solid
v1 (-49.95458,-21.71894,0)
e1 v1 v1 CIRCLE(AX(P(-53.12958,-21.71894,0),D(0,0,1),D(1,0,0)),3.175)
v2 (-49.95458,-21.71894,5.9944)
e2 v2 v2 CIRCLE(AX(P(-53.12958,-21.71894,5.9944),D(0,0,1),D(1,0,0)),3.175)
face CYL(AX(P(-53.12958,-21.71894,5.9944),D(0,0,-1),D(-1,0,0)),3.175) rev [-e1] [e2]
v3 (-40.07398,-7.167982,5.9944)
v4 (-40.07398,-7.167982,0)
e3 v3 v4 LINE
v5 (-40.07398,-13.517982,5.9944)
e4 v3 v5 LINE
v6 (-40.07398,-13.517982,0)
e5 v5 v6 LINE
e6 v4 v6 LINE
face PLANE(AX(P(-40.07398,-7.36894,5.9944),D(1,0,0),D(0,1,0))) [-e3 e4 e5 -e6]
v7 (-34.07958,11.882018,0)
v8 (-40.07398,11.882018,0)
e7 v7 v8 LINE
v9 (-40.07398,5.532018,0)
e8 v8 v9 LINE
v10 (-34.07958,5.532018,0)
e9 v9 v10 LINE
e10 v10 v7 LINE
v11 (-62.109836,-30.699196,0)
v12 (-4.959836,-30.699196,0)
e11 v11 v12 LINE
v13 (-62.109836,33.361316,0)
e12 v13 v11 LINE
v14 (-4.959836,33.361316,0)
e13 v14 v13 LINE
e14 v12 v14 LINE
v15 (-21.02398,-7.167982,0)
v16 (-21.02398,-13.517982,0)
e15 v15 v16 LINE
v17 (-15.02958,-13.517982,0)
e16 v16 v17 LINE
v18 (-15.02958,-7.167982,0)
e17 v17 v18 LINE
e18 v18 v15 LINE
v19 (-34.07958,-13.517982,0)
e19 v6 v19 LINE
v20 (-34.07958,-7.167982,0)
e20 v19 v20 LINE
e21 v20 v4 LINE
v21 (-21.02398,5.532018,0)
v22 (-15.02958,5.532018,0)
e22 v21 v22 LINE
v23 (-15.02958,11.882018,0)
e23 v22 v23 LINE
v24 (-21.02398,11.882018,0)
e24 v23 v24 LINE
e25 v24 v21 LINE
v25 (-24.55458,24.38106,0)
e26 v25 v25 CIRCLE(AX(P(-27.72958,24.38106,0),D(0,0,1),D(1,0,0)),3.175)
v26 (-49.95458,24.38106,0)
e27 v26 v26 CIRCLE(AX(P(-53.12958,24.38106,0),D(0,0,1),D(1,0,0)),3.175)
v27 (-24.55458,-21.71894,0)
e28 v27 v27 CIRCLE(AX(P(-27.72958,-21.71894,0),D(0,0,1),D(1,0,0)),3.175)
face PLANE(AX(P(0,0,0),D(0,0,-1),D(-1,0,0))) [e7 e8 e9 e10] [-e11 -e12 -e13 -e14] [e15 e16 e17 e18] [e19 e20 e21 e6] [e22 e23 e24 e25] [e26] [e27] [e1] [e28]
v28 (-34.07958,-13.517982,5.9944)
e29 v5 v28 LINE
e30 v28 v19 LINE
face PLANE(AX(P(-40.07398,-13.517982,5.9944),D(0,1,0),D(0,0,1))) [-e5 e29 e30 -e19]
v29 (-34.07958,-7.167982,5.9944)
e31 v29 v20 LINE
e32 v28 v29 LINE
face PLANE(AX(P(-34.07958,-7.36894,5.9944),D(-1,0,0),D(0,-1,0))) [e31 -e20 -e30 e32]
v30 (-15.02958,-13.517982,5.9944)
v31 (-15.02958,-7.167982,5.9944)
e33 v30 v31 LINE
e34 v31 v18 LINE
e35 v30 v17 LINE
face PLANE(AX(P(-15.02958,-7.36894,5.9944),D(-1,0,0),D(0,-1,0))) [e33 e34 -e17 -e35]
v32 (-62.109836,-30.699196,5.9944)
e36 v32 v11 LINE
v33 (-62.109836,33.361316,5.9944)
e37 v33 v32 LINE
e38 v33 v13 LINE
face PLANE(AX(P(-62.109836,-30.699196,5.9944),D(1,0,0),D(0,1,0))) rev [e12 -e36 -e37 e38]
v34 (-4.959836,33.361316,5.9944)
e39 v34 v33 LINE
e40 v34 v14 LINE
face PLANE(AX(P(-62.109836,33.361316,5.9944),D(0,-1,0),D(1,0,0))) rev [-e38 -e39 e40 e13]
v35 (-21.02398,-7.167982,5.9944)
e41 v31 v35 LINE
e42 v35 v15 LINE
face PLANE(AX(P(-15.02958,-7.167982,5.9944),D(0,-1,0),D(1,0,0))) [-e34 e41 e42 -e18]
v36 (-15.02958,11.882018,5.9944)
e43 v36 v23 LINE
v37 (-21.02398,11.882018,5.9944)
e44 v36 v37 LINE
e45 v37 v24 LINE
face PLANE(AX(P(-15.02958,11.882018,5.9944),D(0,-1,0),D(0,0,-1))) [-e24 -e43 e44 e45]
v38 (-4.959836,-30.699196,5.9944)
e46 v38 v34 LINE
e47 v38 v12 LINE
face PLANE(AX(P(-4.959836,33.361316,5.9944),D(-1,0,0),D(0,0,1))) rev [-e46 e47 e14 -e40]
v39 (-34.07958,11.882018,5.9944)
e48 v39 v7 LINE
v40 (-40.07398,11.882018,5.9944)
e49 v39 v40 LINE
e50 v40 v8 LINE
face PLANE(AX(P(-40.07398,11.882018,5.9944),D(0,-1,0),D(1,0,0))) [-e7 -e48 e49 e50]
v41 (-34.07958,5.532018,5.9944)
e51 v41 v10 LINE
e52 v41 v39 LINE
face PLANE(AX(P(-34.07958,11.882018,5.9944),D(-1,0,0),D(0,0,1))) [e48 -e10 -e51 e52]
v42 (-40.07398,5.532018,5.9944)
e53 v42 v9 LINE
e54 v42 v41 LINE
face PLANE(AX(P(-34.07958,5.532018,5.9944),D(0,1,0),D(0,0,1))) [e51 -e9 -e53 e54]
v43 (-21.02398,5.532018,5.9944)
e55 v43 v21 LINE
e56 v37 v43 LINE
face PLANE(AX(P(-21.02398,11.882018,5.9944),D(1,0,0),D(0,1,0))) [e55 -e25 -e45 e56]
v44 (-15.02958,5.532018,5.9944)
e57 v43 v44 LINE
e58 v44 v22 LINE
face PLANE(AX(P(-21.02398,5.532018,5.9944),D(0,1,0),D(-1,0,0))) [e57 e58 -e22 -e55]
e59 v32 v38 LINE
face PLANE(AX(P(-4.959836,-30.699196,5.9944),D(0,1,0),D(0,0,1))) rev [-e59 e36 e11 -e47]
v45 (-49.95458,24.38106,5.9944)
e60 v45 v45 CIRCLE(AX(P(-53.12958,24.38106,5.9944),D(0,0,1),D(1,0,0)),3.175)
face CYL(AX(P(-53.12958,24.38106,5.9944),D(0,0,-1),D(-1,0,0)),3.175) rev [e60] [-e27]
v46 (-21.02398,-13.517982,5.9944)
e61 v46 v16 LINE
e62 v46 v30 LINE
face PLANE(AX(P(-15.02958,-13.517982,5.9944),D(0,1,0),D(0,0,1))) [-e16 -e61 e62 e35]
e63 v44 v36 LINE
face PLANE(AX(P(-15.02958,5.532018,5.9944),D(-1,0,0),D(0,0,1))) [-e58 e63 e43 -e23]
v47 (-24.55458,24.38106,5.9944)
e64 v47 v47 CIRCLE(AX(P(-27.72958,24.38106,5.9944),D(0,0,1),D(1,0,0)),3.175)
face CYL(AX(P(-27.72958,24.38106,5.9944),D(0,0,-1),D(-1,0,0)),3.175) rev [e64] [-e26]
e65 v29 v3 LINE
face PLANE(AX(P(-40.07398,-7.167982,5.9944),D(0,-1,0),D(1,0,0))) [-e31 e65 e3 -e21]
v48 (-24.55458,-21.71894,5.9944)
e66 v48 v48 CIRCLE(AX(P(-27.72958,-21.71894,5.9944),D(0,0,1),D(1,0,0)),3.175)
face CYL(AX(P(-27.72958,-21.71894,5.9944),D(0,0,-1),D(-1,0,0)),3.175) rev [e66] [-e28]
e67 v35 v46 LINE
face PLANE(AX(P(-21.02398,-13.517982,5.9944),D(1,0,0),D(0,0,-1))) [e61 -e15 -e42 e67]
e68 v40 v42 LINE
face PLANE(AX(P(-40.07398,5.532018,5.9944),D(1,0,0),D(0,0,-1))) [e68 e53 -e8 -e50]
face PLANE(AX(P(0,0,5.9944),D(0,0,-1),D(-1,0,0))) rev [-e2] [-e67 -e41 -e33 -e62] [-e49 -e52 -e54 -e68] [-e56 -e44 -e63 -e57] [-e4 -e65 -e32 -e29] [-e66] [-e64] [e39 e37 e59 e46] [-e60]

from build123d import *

# Parameters (mm, degrees)
SKETCH1_W           = 57.15
SKETCH1_H           = 64.060512242
SKETCH1_R           = 3.175
SKETCH1_W_2         = 5.9944
SKETCH1_H_2         = 6.35
BOSS_EXTRUDE1_DEPTH = 5.9944


with BuildPart() as part:
    # Sketch1 → Boss-Extrude1 (new body)
    with BuildSketch(Plane(origin=(0, 0, 0), x_dir=(-1, 0, 0), z_dir=(0, 0, 1))):
        with Locations((33.534836058, -1.33105998)):
            Rectangle(SKETCH1_W, SKETCH1_H)
        with Locations((53.129579937, -24.38105998)):
            Circle(SKETCH1_R, mode=Mode.SUBTRACT)
        with Locations((53.129579937, 21.71894002)):
            Circle(SKETCH1_R, mode=Mode.SUBTRACT)
        with Locations((27.729579937, -24.38105998)):
            Circle(SKETCH1_R, mode=Mode.SUBTRACT)
        with Locations((27.729579937, 21.71894002)):
            Circle(SKETCH1_R, mode=Mode.SUBTRACT)
        with Locations((37.076779937, -8.707018437)):
            Rectangle(SKETCH1_W_2, SKETCH1_H_2, mode=Mode.SUBTRACT)
        Polygon((15.029579937, 13.517981563), (21.023979937, 13.517981563), (21.023979937, 7.36894002), (21.023979937, 7.167981563), (15.029579937, 7.167981563), (15.029579937, 7.36894002), align=None, mode=Mode.SUBTRACT)
        with Locations((18.026779937, -8.707018437)):
            Rectangle(SKETCH1_W_2, SKETCH1_H_2, mode=Mode.SUBTRACT)
        Polygon((40.073979937, 7.36894002), (40.073979937, 7.167981563), (34.079579937, 7.167981563), (34.079579937, 7.36894002), (34.079579937, 13.517981563), (40.073979937, 13.517981563), align=None, mode=Mode.SUBTRACT)
    extrude(amount=BOSS_EXTRUDE1_DEPTH)


solid = part.part
